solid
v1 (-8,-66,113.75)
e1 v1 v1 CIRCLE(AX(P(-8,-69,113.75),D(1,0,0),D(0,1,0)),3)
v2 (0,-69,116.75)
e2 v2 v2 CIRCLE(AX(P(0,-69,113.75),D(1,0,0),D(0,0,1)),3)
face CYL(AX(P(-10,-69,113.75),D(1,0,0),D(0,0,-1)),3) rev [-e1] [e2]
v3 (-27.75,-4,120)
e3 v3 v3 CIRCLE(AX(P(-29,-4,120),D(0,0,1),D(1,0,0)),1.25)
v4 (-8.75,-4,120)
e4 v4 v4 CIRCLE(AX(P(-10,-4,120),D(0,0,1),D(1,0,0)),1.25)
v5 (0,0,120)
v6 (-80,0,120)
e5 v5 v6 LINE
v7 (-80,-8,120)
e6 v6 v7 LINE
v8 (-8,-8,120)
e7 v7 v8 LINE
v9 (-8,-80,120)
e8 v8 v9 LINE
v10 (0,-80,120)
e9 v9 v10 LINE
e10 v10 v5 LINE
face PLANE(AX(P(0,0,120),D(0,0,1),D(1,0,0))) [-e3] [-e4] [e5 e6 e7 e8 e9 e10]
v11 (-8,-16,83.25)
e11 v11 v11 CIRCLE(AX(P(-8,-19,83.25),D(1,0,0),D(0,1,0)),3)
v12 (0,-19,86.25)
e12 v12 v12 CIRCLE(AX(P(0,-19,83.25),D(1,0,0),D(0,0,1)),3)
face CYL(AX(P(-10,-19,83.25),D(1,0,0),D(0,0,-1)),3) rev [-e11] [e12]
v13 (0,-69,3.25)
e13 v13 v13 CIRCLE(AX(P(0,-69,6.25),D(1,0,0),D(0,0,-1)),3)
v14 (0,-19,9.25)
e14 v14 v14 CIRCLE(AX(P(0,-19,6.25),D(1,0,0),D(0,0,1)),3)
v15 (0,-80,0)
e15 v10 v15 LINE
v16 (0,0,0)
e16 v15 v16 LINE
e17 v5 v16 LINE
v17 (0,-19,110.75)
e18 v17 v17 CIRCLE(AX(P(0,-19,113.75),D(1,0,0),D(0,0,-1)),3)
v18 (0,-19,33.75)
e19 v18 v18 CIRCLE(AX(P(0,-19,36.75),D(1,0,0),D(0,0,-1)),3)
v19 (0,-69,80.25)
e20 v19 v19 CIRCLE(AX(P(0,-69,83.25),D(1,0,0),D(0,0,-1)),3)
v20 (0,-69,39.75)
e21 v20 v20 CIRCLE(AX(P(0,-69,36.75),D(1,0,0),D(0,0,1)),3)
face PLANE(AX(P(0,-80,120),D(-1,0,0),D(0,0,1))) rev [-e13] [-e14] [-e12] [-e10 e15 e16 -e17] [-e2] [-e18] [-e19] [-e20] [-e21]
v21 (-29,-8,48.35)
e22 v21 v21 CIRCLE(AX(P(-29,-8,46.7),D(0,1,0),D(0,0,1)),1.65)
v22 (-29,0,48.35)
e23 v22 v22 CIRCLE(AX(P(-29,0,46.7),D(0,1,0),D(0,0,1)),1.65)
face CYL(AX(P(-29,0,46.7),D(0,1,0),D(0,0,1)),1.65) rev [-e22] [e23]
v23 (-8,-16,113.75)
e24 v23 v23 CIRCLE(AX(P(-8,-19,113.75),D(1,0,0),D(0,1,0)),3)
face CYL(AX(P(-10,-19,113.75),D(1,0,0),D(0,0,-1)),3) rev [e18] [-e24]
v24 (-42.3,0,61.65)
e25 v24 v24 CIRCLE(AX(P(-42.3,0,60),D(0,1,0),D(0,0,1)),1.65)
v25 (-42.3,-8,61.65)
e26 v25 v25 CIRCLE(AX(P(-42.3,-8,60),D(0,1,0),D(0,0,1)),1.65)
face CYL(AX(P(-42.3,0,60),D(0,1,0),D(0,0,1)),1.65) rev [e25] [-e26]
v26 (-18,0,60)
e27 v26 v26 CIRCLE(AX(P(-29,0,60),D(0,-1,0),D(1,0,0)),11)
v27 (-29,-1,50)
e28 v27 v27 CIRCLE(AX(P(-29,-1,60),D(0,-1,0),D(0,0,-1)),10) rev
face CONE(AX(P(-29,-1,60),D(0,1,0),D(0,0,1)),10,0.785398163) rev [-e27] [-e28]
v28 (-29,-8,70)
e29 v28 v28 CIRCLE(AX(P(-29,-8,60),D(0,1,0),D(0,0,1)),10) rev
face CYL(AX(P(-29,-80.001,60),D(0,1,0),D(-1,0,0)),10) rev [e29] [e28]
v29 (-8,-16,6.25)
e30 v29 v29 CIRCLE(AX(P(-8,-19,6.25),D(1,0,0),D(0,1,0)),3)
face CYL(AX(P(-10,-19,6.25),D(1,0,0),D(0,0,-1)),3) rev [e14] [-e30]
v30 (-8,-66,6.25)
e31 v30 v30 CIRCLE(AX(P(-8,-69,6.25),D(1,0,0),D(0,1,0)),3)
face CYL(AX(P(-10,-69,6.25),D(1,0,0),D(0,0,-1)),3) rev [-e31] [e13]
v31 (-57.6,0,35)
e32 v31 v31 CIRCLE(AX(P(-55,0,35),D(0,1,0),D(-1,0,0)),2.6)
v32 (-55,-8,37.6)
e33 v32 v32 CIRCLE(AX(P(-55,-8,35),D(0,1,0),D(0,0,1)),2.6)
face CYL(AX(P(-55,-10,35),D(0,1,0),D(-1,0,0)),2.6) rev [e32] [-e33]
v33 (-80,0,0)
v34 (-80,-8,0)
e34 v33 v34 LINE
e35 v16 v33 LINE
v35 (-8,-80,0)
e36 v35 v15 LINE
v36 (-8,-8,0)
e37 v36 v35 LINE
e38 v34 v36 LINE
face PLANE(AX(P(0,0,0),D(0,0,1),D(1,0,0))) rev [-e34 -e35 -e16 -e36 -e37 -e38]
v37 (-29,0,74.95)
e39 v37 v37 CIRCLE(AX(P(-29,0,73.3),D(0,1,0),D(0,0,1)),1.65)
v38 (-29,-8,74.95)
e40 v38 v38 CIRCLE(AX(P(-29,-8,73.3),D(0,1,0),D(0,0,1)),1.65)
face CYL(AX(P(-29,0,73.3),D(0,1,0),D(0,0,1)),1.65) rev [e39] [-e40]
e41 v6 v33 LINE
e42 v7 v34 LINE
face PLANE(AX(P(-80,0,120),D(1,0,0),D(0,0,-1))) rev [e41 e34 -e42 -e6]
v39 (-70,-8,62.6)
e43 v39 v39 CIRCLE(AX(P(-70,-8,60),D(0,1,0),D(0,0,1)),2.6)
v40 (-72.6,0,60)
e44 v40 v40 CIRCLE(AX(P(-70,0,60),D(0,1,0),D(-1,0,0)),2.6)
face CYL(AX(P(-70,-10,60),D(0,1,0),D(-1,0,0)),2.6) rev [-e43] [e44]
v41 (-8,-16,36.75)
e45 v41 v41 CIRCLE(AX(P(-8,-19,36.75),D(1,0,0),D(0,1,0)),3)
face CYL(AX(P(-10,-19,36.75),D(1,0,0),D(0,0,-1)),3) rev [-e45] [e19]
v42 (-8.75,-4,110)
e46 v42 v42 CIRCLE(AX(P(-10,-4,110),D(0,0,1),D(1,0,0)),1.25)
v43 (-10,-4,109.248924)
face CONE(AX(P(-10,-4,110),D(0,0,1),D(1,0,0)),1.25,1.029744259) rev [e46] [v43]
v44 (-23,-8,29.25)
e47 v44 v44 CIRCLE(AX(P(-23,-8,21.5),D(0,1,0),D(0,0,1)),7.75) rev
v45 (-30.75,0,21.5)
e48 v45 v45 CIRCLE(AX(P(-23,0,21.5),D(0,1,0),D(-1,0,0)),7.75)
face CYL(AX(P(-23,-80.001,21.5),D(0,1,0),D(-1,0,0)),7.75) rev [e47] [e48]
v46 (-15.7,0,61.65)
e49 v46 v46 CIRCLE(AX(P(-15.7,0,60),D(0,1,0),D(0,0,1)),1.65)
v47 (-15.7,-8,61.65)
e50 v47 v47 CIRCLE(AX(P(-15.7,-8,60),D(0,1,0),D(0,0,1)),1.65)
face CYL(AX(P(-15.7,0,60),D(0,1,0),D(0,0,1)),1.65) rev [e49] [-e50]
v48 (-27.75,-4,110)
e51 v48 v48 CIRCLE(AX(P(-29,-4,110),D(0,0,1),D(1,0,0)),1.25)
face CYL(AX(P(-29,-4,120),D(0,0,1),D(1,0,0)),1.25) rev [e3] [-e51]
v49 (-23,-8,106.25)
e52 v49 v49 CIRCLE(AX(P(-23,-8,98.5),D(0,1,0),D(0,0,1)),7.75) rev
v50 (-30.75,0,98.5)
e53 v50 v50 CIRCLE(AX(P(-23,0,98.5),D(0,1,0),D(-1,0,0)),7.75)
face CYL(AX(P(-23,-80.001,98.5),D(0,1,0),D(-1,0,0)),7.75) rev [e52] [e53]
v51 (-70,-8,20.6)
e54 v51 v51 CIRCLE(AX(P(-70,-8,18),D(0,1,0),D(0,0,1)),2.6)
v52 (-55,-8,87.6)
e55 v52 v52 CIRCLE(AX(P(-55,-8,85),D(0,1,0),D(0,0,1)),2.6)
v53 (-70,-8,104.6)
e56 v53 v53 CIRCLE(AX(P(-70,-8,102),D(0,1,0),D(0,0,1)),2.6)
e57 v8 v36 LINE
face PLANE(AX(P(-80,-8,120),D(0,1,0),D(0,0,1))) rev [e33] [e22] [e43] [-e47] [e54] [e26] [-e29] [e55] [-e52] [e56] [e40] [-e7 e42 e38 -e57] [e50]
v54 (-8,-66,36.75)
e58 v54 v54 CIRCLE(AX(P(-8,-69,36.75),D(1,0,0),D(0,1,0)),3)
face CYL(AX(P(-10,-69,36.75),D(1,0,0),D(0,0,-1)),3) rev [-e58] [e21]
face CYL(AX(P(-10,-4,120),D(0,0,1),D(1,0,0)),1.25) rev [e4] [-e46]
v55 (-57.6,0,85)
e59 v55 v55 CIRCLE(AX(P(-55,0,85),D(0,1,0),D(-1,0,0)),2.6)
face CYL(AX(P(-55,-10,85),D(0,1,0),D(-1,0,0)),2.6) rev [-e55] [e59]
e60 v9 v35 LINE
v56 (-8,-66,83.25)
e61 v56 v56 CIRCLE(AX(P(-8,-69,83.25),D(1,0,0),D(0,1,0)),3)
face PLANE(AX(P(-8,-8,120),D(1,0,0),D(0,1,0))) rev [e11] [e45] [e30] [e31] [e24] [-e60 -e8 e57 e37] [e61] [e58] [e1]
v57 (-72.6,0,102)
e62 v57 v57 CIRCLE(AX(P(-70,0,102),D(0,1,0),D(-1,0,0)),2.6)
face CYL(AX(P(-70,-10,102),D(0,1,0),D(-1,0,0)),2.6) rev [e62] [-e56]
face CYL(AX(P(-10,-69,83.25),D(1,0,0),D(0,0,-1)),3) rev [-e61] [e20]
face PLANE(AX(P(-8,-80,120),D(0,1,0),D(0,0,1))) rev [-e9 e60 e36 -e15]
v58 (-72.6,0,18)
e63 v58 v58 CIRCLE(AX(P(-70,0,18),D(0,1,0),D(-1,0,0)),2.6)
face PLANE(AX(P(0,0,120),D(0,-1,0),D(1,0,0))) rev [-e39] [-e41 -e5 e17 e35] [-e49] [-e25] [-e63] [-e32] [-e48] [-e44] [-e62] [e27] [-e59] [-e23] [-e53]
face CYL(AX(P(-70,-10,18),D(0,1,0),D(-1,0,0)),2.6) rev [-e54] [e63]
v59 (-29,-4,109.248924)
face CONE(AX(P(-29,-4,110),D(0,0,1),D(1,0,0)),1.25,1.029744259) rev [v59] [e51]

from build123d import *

# Parameters (mm, degrees)
ESTRUSIONE_ESTRUSIONE1_DEPTH = 120
TAGLIO_ESTRUSIONE2_REACH     = 82
SCHIZZO6_R                   = 7.75
TAGLIO_ESTRUSIONE3_REACH     = 82
SCHIZZO7_R                   = 10
M4_TAPPED_HOLE1_D            = 3.3
SCHIZZO12_R                  = 3
TAGLIO_ESTRUSIONE4_DEPTH     = 10
SCHIZZO14_R                  = 2.6
TAGLIO_ESTRUSIONE5_DEPTH     = 10
SMUSSO2_SIZE                 = 1
FORO_FILETTATO_M3_1_D        = 2.5
FORO_FILETTATO_M3_1_DEPTH    = 10
FORO_FILETTATO_M3_1_TIP      = 0.751075774


with BuildPart() as part:
    # Schizzo1 → Estrusione-Estrusione1 (new body)
    with BuildSketch(Plane.XY):
        Polygon((0, 0), (-80, 0), (-80, -8), (-8, -8), (-8, -80), (0, -80), align=None)
    extrude(amount=ESTRUSIONE_ESTRUSIONE1_DEPTH)

    # Schizzo6 → Taglio-Estrusione2 (cut, up to next)
    with BuildSketch(Plane(origin=(0, 0, 0), x_dir=(1, 0, 0), z_dir=(0, 1, 0)), mode=Mode.PRIVATE) as taglio_estrusione2_sk1:
        with Locations((-23, -21.5)):
            Circle(SCHIZZO6_R)
    taglio_estrusione2_tool1 = extrude(taglio_estrusione2_sk1.sketch, amount=-TAGLIO_ESTRUSIONE2_REACH, mode=Mode.PRIVATE) & part.part
    add(taglio_estrusione2_tool1.solids().sort_by_distance((-23, 0, 21.5))[0], mode=Mode.SUBTRACT)
    # Schizzo6 → Taglio-Estrusione2 (cut, up to next)
    with BuildSketch(Plane(origin=(0, 0, 0), x_dir=(1, 0, 0), z_dir=(0, 1, 0)), mode=Mode.PRIVATE) as taglio_estrusione2_sk2:
        with Locations((-23, -98.5)):
            Circle(SCHIZZO6_R)
    taglio_estrusione2_tool2 = extrude(taglio_estrusione2_sk2.sketch, amount=-TAGLIO_ESTRUSIONE2_REACH, mode=Mode.PRIVATE) & part.part
    add(taglio_estrusione2_tool2.solids().sort_by_distance((-23, 0, 98.5))[0], mode=Mode.SUBTRACT)

    # Schizzo7 → Taglio-Estrusione3 (cut, up to next)
    with BuildSketch(Plane(origin=(0, 0, 0), x_dir=(1, 0, 0), z_dir=(0, 1, 0)), mode=Mode.PRIVATE) as taglio_estrusione3_sk1:
        with Locations((-29, -60)):
            Circle(SCHIZZO7_R)
    taglio_estrusione3_tool1 = extrude(taglio_estrusione3_sk1.sketch, amount=-TAGLIO_ESTRUSIONE3_REACH, mode=Mode.PRIVATE) & part.part
    add(taglio_estrusione3_tool1.solids().sort_by_distance((-29, 0, 60))[0], mode=Mode.SUBTRACT)

    # M4 Tapped Hole1 (through all)
    with Locations(Plane(origin=(0, 0, 0), x_dir=(1, 0, 0), z_dir=(0, 1, 0))):
        with Locations((-29, -46.7), (-42.3, -60), (-29, -73.3), (-15.7, -60), (-29, -60)):
            Hole(M4_TAPPED_HOLE1_D / 2)

    # Schizzo12 → Taglio-Estrusione4 (cut)
    with BuildSketch(Plane(origin=(0, 0, 0), x_dir=(0, 0, -1), z_dir=(1, 0, 0))):
        with Locations((-113.75, -19)):
            Circle(SCHIZZO12_R)
        with Locations((-83.25, -19)):
            Circle(SCHIZZO12_R)
        with Locations((-36.75, -19)):
            Circle(SCHIZZO12_R)
        with Locations((-6.25, -19)):
            Circle(SCHIZZO12_R)
        with Locations((-83.25, -69)):
            Circle(SCHIZZO12_R)
        with Locations((-113.75, -69)):
            Circle(SCHIZZO12_R)
        with Locations((-6.25, -69)):
            Circle(SCHIZZO12_R)
        with Locations((-36.75, -69)):
            Circle(SCHIZZO12_R)
    extrude(amount=-TAGLIO_ESTRUSIONE4_DEPTH, mode=Mode.SUBTRACT)

    # Schizzo14 → Taglio-Estrusione5 (cut)
    with BuildSketch(Plane(origin=(0, 0, 0), x_dir=(1, 0, 0), z_dir=(0, 1, 0))):
        with Locations((-70, -18)):
            Circle(SCHIZZO14_R)
        with Locations((-70, -60)):
            Circle(SCHIZZO14_R)
        with Locations((-70, -102)):
            Circle(SCHIZZO14_R)
        with Locations((-55, -35)):
            Circle(SCHIZZO14_R)
        with Locations((-55, -85)):
            Circle(SCHIZZO14_R)
    extrude(amount=-TAGLIO_ESTRUSIONE5_DEPTH, mode=Mode.SUBTRACT)

    # Smusso2
    smusso2_edges = [part.edges().sort_by_distance(p)[0] for p in [
        (-39, 0, 60),
    ]]
    chamfer(smusso2_edges, length=SMUSSO2_SIZE)

    # Foro filettato M3-1
    with Locations(Plane.XY.offset(120)):
        with Locations((-10, -4), (-29, -4)):
            Hole(FORO_FILETTATO_M3_1_D / 2, depth=FORO_FILETTATO_M3_1_DEPTH)
            with Locations((0, 0, -(FORO_FILETTATO_M3_1_DEPTH + FORO_FILETTATO_M3_1_TIP / 2))):  # 118° drill point
                Cone(0, FORO_FILETTATO_M3_1_D / 2, FORO_FILETTATO_M3_1_TIP, mode=Mode.SUBTRACT)


solid = part.part
